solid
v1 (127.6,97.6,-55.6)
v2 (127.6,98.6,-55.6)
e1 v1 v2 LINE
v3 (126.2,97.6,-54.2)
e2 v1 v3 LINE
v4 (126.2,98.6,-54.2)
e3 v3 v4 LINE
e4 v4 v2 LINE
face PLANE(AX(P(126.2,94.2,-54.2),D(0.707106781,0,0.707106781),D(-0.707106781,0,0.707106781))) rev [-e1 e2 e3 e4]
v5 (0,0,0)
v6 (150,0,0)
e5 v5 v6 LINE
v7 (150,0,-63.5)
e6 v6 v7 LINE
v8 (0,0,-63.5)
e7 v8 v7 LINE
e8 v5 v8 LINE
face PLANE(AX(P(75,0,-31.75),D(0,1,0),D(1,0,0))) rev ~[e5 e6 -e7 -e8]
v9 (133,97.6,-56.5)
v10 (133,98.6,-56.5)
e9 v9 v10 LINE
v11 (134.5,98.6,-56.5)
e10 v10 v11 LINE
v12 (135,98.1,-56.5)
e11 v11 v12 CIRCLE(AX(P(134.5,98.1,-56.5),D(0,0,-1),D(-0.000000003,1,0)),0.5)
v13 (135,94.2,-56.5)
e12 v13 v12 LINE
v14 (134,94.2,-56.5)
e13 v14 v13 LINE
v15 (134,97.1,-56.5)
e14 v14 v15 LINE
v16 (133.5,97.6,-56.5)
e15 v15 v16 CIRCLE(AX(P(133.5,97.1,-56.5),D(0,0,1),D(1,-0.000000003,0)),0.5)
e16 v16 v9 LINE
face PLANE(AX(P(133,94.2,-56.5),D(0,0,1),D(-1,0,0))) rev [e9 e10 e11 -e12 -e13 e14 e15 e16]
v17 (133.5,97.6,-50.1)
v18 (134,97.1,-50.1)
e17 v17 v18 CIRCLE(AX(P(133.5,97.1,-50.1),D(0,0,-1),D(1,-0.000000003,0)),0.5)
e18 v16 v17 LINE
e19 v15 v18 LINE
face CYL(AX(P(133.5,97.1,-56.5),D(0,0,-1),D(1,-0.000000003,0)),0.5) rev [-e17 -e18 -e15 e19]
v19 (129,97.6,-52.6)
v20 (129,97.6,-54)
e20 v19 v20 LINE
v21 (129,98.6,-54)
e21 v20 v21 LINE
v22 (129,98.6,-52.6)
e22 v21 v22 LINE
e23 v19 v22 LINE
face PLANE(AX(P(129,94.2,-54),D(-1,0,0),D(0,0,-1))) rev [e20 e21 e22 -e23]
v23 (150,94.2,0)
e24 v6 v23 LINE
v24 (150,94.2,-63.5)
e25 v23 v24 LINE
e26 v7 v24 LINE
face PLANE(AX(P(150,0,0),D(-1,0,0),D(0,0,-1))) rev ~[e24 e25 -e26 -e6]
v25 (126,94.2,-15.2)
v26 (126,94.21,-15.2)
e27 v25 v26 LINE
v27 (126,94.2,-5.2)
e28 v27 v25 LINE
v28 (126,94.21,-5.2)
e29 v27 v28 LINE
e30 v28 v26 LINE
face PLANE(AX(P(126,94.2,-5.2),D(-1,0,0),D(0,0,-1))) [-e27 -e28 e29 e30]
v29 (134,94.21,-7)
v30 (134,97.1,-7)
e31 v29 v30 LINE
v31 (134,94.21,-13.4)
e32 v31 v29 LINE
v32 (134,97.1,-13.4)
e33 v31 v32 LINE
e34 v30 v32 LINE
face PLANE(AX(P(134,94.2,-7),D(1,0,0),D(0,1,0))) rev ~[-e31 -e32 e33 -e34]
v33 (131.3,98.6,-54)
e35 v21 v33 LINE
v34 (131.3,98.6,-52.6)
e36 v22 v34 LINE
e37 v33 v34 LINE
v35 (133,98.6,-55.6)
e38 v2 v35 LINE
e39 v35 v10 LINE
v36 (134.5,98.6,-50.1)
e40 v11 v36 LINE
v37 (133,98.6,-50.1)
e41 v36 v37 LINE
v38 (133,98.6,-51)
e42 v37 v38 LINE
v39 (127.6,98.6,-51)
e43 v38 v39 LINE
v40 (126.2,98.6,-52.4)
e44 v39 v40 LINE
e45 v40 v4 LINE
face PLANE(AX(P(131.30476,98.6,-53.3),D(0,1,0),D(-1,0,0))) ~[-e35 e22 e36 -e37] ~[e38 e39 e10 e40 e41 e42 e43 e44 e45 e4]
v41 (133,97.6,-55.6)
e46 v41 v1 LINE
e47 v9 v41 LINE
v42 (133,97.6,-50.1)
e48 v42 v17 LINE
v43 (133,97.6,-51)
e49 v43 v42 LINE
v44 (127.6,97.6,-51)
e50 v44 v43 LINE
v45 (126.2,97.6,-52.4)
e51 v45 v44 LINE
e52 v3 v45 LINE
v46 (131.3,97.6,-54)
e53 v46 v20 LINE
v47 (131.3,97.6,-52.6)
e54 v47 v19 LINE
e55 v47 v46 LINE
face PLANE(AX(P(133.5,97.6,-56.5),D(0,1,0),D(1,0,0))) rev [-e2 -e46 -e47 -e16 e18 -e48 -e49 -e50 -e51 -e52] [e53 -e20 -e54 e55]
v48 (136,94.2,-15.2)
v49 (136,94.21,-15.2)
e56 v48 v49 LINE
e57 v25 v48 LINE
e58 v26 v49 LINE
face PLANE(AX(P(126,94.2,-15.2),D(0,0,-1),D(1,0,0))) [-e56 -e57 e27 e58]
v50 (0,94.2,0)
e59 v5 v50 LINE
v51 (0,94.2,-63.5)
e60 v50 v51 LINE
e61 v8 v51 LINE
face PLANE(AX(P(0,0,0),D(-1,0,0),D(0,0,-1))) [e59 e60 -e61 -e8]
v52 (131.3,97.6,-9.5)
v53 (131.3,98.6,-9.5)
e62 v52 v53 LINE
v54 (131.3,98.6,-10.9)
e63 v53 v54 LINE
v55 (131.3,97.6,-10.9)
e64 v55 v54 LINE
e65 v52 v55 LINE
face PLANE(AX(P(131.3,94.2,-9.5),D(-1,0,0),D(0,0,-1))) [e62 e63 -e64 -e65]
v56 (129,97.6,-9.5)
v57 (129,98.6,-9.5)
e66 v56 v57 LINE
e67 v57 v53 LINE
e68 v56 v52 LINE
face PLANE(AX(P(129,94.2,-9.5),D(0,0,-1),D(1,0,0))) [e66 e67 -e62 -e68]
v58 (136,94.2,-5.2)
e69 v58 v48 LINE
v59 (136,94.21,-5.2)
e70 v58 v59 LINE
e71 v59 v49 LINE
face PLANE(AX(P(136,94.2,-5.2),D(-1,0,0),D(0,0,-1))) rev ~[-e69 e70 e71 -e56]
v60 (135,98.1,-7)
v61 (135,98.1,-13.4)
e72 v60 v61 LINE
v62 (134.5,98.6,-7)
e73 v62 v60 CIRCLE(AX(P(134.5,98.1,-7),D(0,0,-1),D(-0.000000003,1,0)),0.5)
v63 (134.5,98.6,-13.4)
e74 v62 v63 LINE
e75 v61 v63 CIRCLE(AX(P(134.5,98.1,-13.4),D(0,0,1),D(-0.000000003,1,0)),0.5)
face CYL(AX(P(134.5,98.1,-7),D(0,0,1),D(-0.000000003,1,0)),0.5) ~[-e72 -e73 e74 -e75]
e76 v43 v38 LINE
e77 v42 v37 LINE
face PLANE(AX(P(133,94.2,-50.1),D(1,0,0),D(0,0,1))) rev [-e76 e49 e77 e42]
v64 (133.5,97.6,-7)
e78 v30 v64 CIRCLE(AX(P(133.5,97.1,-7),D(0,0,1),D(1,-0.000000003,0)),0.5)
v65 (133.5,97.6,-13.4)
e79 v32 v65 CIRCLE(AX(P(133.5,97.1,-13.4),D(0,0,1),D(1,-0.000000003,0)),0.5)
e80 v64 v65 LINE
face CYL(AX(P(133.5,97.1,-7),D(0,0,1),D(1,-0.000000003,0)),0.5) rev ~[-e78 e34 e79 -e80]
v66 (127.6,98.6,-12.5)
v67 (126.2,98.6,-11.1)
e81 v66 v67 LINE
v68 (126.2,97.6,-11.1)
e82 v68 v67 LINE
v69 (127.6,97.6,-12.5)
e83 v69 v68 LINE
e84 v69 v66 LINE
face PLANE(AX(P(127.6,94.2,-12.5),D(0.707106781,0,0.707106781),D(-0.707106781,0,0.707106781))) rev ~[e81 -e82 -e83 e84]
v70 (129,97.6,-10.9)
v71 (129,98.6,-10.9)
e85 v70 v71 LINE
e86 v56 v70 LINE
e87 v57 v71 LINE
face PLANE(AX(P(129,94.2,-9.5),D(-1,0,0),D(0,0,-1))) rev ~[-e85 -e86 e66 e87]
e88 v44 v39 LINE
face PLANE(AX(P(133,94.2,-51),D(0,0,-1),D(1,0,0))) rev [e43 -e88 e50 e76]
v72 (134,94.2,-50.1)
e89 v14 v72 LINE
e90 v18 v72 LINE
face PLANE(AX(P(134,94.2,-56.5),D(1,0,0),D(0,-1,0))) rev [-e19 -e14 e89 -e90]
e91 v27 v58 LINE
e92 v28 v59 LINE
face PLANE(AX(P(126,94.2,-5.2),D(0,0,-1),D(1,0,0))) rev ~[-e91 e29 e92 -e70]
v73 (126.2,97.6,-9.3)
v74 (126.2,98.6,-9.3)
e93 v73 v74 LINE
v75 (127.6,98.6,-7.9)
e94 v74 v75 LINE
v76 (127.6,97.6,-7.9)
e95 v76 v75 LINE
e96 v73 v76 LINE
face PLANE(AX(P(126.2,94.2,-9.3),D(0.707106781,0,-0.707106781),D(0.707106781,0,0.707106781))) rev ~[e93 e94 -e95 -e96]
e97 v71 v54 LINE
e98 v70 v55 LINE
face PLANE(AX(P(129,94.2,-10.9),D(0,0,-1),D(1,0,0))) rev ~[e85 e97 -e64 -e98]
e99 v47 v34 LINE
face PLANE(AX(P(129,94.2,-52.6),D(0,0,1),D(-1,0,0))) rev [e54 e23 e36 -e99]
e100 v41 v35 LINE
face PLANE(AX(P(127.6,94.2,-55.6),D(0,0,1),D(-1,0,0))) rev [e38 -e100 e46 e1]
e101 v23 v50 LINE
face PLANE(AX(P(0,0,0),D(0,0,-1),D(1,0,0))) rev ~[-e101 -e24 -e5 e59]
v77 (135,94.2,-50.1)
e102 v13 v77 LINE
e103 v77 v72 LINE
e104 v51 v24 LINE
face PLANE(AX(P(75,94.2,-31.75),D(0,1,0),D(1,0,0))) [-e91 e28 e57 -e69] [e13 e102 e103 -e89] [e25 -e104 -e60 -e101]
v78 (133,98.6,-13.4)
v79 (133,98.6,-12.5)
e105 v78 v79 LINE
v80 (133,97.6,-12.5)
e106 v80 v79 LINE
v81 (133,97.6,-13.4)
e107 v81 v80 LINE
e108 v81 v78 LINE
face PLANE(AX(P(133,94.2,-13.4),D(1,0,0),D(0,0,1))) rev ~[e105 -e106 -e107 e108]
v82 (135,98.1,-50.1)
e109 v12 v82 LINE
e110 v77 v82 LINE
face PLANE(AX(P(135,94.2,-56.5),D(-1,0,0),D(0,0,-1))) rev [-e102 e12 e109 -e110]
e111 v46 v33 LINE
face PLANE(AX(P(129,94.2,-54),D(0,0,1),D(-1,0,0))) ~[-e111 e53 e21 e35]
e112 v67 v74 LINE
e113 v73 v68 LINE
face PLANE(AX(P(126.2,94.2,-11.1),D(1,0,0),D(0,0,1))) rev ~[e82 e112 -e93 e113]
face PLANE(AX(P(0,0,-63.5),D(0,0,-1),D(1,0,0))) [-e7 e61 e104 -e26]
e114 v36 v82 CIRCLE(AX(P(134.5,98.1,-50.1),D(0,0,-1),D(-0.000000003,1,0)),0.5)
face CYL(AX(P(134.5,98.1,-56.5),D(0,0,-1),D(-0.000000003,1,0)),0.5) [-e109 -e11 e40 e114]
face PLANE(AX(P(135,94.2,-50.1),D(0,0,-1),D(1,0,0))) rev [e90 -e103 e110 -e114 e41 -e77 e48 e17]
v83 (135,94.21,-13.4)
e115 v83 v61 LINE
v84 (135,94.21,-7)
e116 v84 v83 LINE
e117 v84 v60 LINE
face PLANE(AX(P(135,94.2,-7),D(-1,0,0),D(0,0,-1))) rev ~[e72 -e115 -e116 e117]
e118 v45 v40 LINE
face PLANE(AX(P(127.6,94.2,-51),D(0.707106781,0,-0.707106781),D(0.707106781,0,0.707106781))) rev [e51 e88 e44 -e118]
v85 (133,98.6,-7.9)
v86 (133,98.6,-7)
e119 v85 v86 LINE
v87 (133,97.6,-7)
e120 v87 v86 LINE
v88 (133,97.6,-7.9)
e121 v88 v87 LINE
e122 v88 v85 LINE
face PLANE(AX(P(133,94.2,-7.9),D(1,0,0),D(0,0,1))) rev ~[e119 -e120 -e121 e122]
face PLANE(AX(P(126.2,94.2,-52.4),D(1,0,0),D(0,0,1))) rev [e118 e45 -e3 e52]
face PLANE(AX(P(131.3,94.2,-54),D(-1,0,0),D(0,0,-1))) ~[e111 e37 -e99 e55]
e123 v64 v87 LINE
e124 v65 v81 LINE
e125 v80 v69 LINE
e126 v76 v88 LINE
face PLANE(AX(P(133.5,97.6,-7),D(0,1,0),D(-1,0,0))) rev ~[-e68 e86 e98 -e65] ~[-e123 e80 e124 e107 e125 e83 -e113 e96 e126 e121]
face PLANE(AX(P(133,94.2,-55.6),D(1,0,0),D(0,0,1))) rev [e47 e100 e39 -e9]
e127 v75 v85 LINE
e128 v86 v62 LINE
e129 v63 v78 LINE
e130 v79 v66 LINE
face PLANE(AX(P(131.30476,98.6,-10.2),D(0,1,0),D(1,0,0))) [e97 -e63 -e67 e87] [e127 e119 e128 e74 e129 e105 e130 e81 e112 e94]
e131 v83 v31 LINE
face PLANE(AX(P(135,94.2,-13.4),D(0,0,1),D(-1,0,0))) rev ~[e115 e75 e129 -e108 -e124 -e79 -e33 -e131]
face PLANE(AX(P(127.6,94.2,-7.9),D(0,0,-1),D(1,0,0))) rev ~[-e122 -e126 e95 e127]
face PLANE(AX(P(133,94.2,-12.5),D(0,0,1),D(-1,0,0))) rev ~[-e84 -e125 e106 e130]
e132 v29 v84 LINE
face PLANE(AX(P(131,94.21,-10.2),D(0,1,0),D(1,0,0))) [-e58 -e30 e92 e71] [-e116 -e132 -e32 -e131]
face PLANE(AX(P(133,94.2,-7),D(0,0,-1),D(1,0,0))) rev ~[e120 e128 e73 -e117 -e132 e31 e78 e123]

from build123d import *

# Parameters (mm, degrees)
SKETCH1_W           = 150
SKETCH1_H           = 63.5
BOSS_EXTRUDE1_DEPTH = 94.2
SKETCH3_W           = 2.3
SKETCH3_H           = 1.4
BOSS_EXTRUDE2_DEPTH = 4.4
SKETCH4_W           = 6.8
SKETCH4_H           = 3.4
CUT_EXTRUDE1_DEPTH  = 189.186636082
SKETCH5_W           = 10
SKETCH5_H           = 10
BOSS_EXTRUDE3_DEPTH = 0.01


with BuildPart() as part:
    # Sketch1 → Boss-Extrude1 (new body)
    with BuildSketch(Plane(origin=(0, 0, 0), x_dir=(1, 0, 0), z_dir=(0, 1, 0))):
        with Locations((75, 31.75)):
            Rectangle(SKETCH1_W, SKETCH1_H)
    extrude(amount=BOSS_EXTRUDE1_DEPTH)

    # Sketch3 → Boss-Extrude2 (add)
    with BuildSketch(Plane(origin=(0, 94.2, 0), x_dir=(1, 0, 0), z_dir=(0, 1, 0))):
        Polygon((135, 7), (135, 13.4), (133, 13.4), (133, 12.5), (127.6, 12.5), (126.2, 11.1), (126.2, 9.3), (127.6, 7.9), (133, 7.9), (133, 7), align=None)
        with Locations((130.15, 10.2)):
            Rectangle(SKETCH3_W, SKETCH3_H, mode=Mode.SUBTRACT)
    boss_extrude2 = extrude(amount=BOSS_EXTRUDE2_DEPTH)

    # Sketch4 → Cut-Extrude1 (cut, through all)
    with BuildSketch(Plane.XY.offset(-7)):
        with Locations((129.6, 95.9)):
            Rectangle(SKETCH4_W, SKETCH4_H)
        with BuildLine():
            Line((133, 94.2), (134, 94.2))
            Line((134, 94.2), (134, 97.1))
            ThreePointArc((134, 97.1), (133.853553391, 97.453553391), (133.5, 97.6))
            Line((133.5, 97.6), (133, 97.6))
            Line((133, 97.6), (133, 94.2))
        make_face()
        with BuildLine():
            ThreePointArc((134.5, 98.6), (134.853553391, 98.453553391), (135, 98.1))
            Line((135, 98.1), (135, 98.6))
            Line((135, 98.6), (134.5, 98.6))
        make_face()
    cut_extrude1 = extrude(amount=-CUT_EXTRUDE1_DEPTH, mode=Mode.SUBTRACT)

    # Mirror1: Boss-Extrude2, Cut-Extrude1 across plane
    add(boss_extrude2.mirror(Plane.XY.offset(-31.75)))
    add(cut_extrude1.mirror(Plane.XY.offset(-31.75)), mode=Mode.SUBTRACT)

    # Sketch5 → Boss-Extrude3 (add)
    with BuildSketch(Plane(origin=(0, 94.2, 0), x_dir=(1, 0, 0), z_dir=(0, 1, 0))):
        with Locations((131, 10.2)):
            Rectangle(SKETCH5_W, SKETCH5_H)
    extrude(amount=BOSS_EXTRUDE3_DEPTH)


solid = part.part
